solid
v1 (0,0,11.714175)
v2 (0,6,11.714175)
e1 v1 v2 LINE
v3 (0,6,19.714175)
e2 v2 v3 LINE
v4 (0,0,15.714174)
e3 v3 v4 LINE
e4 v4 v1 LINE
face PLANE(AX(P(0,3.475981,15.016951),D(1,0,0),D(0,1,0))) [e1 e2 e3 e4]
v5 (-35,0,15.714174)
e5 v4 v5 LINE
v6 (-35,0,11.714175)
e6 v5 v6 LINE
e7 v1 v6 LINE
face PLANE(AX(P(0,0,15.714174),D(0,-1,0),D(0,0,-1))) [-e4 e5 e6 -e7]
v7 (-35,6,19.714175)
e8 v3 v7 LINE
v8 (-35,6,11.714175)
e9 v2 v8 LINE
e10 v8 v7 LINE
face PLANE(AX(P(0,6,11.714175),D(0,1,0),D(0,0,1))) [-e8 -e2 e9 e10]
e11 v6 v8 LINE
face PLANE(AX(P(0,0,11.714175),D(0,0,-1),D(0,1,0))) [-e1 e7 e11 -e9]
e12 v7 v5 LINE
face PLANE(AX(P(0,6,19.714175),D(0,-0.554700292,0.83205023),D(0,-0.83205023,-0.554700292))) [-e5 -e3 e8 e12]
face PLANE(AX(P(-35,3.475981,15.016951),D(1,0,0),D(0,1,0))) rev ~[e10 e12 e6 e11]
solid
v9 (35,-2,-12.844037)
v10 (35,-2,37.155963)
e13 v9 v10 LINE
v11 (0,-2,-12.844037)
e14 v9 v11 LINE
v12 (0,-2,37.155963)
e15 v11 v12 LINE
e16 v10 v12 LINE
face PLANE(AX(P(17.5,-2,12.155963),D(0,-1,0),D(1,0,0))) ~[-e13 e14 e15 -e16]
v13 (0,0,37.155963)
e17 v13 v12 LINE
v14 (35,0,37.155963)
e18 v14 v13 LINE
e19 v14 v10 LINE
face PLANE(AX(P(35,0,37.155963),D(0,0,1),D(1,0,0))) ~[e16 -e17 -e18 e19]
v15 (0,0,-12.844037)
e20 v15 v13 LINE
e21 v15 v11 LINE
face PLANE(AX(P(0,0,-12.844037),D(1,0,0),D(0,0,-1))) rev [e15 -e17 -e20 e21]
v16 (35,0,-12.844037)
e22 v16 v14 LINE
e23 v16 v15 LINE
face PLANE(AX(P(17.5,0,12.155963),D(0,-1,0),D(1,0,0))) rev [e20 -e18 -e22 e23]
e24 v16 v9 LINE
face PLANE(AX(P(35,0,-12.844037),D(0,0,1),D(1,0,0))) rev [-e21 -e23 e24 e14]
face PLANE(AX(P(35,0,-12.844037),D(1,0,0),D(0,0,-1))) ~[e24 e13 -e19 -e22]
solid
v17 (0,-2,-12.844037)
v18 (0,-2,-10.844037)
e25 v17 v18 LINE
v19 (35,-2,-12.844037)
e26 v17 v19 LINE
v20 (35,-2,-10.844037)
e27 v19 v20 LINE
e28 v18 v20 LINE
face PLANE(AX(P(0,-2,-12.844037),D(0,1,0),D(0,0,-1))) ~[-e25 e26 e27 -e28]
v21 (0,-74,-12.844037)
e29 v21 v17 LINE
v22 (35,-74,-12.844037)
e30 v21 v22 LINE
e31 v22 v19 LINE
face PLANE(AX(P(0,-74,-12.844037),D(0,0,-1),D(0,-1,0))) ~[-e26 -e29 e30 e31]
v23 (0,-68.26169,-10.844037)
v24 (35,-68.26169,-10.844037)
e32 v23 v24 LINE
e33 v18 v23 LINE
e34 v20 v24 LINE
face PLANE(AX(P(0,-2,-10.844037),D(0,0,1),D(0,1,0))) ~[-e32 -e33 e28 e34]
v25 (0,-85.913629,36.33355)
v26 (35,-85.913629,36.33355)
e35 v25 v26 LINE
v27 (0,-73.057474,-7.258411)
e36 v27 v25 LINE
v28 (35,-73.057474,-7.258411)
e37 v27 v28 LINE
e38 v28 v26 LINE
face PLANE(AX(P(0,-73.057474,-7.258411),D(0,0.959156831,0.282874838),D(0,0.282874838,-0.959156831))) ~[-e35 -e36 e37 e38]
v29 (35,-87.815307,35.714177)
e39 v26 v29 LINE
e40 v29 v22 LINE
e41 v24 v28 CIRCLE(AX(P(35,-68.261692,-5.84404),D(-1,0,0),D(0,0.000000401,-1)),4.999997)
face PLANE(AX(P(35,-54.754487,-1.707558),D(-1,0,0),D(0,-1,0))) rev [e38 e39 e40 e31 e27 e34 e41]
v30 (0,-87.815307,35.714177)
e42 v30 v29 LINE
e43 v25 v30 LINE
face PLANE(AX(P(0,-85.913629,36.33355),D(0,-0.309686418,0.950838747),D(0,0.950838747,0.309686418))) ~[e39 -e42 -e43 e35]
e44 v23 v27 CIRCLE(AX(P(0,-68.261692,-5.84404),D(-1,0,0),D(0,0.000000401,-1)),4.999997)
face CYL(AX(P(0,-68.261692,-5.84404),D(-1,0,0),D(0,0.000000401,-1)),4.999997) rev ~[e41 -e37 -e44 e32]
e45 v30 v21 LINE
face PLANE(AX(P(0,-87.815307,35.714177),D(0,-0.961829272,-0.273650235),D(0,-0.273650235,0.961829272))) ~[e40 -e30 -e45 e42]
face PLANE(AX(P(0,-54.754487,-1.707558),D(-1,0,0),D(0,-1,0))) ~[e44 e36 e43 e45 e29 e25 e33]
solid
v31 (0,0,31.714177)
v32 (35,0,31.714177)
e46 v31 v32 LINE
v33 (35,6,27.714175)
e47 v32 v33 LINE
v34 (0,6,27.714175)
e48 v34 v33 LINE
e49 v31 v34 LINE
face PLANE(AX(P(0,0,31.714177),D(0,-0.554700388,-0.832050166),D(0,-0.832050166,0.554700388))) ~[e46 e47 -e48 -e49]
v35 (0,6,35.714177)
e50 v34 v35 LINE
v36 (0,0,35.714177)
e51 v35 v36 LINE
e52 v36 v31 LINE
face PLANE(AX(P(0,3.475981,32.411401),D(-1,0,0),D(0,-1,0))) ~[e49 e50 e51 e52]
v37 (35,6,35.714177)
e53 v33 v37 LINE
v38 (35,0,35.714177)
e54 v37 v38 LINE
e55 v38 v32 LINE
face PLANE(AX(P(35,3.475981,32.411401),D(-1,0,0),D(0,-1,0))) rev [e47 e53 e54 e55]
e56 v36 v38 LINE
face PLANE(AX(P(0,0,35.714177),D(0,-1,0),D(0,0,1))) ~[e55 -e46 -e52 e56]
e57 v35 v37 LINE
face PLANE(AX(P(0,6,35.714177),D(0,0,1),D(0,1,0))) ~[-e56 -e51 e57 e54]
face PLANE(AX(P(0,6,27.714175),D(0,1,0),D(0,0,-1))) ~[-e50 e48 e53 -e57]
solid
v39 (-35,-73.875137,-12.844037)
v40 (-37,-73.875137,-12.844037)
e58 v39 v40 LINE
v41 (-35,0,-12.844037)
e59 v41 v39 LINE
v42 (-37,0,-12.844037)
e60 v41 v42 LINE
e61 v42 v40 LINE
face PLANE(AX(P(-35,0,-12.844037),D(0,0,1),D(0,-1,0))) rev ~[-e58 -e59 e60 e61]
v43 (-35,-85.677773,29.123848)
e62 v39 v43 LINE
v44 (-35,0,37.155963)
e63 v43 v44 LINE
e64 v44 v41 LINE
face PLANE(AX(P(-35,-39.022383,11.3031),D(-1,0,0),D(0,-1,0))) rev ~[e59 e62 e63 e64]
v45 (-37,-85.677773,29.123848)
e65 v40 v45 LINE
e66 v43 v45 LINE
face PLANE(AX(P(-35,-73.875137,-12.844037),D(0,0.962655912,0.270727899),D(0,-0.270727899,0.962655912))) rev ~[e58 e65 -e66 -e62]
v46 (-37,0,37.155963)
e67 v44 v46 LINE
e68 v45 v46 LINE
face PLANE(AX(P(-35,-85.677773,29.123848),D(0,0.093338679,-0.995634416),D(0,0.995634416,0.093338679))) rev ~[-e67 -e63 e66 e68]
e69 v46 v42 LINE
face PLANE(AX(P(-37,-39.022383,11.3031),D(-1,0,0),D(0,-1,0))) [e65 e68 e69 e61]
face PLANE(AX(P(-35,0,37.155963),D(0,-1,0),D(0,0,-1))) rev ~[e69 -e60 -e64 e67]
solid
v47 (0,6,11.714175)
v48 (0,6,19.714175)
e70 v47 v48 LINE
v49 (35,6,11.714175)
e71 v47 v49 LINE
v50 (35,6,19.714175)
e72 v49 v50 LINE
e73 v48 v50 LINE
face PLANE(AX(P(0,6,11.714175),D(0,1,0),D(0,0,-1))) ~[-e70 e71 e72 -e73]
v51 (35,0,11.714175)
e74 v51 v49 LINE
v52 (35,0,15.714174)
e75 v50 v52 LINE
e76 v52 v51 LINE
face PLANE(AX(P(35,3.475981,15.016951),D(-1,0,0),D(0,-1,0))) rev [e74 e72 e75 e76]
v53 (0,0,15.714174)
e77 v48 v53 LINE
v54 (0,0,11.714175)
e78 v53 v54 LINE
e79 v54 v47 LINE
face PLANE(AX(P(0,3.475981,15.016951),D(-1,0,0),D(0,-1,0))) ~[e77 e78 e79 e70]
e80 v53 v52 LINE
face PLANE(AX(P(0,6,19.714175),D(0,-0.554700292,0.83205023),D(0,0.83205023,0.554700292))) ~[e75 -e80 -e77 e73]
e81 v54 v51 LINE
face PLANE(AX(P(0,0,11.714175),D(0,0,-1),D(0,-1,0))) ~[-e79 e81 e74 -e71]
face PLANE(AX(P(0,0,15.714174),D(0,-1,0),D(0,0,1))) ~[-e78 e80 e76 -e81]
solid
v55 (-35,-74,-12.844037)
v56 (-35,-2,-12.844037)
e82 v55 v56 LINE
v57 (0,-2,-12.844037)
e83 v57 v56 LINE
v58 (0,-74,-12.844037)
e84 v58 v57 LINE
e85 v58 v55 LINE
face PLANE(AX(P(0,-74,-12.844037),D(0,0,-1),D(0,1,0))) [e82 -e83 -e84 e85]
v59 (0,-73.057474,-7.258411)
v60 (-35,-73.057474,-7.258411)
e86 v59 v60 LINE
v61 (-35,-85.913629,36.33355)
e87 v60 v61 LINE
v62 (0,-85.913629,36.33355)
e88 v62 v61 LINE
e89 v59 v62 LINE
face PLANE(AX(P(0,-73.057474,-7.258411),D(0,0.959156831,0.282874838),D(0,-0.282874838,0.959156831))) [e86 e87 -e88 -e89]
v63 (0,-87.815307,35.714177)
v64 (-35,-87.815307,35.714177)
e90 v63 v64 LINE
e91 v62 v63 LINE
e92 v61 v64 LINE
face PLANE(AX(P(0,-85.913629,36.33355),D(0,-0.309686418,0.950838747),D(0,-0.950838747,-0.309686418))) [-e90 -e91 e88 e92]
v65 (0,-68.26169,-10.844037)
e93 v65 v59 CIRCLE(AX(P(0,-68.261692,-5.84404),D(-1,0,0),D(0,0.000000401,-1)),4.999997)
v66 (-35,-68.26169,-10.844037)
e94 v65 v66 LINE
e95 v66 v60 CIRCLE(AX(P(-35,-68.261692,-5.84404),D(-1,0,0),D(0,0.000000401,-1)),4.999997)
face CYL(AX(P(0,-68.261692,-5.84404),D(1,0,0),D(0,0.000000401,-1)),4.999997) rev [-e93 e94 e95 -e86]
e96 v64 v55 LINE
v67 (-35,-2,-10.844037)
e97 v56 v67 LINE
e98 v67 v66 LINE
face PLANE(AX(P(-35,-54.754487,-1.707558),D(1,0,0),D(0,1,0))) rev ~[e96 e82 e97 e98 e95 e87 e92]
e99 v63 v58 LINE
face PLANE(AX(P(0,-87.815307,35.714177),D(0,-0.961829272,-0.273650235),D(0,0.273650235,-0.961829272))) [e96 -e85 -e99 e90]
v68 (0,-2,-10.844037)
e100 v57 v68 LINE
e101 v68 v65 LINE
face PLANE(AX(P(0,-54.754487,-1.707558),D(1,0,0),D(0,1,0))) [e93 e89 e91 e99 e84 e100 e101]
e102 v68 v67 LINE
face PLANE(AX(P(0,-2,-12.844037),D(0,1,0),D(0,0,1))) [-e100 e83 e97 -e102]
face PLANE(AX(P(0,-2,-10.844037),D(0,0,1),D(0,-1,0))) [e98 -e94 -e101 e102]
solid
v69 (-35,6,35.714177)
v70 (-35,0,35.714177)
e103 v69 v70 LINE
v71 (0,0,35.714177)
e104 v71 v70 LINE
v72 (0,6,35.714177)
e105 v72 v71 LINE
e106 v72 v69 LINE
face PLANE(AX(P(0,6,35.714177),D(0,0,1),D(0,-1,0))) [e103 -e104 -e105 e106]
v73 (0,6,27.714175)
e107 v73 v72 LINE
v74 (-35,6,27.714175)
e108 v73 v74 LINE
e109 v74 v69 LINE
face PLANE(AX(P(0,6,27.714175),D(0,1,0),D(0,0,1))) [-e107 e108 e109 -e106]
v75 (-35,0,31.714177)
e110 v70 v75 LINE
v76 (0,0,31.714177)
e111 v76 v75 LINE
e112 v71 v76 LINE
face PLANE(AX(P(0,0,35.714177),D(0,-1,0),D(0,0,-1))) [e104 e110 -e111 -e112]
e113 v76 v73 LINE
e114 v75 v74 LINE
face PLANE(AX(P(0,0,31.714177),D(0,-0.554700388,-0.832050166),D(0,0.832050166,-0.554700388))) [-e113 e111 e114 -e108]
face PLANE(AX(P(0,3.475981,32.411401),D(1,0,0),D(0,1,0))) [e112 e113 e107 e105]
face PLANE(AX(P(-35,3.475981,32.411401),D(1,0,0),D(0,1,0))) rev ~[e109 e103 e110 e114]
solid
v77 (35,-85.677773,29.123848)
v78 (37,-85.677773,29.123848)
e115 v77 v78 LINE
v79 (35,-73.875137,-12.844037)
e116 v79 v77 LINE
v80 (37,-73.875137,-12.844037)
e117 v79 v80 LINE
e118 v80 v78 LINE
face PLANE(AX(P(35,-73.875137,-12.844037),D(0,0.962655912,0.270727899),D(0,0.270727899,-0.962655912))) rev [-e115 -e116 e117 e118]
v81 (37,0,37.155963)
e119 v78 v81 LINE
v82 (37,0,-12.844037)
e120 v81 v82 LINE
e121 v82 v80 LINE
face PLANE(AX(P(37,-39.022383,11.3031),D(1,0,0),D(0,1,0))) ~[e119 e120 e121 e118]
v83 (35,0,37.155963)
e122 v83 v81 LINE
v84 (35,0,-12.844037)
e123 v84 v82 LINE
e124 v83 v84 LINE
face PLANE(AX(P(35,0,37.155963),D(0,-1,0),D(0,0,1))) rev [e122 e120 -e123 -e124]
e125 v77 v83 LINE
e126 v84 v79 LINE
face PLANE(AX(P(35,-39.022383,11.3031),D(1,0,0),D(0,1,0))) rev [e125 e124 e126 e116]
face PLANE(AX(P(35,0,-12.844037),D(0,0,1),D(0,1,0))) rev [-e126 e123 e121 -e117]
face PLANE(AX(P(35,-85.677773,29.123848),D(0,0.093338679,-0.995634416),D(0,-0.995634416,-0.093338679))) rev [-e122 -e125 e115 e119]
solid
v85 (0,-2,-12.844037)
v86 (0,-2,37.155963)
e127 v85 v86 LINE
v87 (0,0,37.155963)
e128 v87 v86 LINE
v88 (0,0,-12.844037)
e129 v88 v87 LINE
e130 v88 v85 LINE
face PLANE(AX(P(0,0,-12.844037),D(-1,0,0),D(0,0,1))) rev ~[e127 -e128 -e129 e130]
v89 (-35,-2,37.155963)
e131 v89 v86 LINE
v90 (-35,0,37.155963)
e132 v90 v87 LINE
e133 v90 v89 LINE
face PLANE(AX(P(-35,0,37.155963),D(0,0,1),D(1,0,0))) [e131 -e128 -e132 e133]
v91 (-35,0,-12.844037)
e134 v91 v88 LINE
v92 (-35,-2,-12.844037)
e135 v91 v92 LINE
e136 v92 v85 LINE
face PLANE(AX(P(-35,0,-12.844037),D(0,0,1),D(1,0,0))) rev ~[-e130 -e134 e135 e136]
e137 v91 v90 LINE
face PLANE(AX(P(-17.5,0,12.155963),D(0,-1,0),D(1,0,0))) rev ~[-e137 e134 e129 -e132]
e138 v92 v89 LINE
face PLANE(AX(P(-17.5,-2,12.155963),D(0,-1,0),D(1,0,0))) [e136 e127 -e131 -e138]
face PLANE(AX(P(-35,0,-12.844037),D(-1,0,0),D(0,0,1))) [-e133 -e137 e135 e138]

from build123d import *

# Parameters (mm, degrees)
F0_W     = 35
F0_H     = 50
F1_DEPTH = 2
F3_DEPTH = 35
F5_DEPTH = 2


with BuildPart() as f1:
    # F0 (on Front) → F1 (new body)
    with BuildSketch(Plane.XZ):
        with Locations((-17.5, 12.155963)):
            Rectangle(F0_W, F0_H)
    extrude(amount=F1_DEPTH)


with BuildPart() as f3:
    # F2 (on Right) → F3 (new body)
    with BuildSketch(Plane.YZ):
        Polygon((6, 35.714177), (0, 35.714177), (0, 31.714177), (6, 27.714175), align=None)
        Polygon((6, 11.714175), (6, 19.714175), (0, 15.714174), (0, 11.714175), align=None)
        with BuildLine():
            Line((-72, -12.844037), (-2, -12.844037))
            Line((-2, -12.844037), (-2, -10.844037))
            Line((-2, -10.844037), (-68.26169, -10.844037))
            ThreePointArc((-68.26169, -10.844037), (-71.255695, -9.848527), (-73.057474, -7.258411))
            Line((-73.057474, -7.258411), (-85.913629, 36.33355))
            Line((-85.913629, 36.33355), (-87.815307, 35.714177))
            Line((-87.815307, 35.714177), (-74, -12.844037))
            Line((-74, -12.844037), (-72, -12.844037))
        make_face()
    extrude(amount=-F3_DEPTH)


with BuildPart() as f5:
    # F4 (on face) → F5 (new body)
    with BuildSketch(Plane(origin=(-35, 0, 0), x_dir=(0, -1, 0), z_dir=(-1, 0, 0))):
        Polygon((85.677773, 29.123848), (0, 37.155963), (0, -12.844037), (73.875137, -12.844037), align=None)
    extrude(amount=F5_DEPTH)


with BuildPart() as f6_1:
    # F6: instance of F5
    add(f5.part.mirror(Plane.YZ))


with BuildPart() as f6_2:
    # F6: instance of F3
    add(f3.part.mirror(Plane.YZ))


with BuildPart() as f6_3:
    # F6: instance of F1
    add(f1.part.mirror(Plane.YZ))


solid = Compound([f1.part, f3.part, f5.part, f6_1.part, f6_2.part, f6_3.part])
